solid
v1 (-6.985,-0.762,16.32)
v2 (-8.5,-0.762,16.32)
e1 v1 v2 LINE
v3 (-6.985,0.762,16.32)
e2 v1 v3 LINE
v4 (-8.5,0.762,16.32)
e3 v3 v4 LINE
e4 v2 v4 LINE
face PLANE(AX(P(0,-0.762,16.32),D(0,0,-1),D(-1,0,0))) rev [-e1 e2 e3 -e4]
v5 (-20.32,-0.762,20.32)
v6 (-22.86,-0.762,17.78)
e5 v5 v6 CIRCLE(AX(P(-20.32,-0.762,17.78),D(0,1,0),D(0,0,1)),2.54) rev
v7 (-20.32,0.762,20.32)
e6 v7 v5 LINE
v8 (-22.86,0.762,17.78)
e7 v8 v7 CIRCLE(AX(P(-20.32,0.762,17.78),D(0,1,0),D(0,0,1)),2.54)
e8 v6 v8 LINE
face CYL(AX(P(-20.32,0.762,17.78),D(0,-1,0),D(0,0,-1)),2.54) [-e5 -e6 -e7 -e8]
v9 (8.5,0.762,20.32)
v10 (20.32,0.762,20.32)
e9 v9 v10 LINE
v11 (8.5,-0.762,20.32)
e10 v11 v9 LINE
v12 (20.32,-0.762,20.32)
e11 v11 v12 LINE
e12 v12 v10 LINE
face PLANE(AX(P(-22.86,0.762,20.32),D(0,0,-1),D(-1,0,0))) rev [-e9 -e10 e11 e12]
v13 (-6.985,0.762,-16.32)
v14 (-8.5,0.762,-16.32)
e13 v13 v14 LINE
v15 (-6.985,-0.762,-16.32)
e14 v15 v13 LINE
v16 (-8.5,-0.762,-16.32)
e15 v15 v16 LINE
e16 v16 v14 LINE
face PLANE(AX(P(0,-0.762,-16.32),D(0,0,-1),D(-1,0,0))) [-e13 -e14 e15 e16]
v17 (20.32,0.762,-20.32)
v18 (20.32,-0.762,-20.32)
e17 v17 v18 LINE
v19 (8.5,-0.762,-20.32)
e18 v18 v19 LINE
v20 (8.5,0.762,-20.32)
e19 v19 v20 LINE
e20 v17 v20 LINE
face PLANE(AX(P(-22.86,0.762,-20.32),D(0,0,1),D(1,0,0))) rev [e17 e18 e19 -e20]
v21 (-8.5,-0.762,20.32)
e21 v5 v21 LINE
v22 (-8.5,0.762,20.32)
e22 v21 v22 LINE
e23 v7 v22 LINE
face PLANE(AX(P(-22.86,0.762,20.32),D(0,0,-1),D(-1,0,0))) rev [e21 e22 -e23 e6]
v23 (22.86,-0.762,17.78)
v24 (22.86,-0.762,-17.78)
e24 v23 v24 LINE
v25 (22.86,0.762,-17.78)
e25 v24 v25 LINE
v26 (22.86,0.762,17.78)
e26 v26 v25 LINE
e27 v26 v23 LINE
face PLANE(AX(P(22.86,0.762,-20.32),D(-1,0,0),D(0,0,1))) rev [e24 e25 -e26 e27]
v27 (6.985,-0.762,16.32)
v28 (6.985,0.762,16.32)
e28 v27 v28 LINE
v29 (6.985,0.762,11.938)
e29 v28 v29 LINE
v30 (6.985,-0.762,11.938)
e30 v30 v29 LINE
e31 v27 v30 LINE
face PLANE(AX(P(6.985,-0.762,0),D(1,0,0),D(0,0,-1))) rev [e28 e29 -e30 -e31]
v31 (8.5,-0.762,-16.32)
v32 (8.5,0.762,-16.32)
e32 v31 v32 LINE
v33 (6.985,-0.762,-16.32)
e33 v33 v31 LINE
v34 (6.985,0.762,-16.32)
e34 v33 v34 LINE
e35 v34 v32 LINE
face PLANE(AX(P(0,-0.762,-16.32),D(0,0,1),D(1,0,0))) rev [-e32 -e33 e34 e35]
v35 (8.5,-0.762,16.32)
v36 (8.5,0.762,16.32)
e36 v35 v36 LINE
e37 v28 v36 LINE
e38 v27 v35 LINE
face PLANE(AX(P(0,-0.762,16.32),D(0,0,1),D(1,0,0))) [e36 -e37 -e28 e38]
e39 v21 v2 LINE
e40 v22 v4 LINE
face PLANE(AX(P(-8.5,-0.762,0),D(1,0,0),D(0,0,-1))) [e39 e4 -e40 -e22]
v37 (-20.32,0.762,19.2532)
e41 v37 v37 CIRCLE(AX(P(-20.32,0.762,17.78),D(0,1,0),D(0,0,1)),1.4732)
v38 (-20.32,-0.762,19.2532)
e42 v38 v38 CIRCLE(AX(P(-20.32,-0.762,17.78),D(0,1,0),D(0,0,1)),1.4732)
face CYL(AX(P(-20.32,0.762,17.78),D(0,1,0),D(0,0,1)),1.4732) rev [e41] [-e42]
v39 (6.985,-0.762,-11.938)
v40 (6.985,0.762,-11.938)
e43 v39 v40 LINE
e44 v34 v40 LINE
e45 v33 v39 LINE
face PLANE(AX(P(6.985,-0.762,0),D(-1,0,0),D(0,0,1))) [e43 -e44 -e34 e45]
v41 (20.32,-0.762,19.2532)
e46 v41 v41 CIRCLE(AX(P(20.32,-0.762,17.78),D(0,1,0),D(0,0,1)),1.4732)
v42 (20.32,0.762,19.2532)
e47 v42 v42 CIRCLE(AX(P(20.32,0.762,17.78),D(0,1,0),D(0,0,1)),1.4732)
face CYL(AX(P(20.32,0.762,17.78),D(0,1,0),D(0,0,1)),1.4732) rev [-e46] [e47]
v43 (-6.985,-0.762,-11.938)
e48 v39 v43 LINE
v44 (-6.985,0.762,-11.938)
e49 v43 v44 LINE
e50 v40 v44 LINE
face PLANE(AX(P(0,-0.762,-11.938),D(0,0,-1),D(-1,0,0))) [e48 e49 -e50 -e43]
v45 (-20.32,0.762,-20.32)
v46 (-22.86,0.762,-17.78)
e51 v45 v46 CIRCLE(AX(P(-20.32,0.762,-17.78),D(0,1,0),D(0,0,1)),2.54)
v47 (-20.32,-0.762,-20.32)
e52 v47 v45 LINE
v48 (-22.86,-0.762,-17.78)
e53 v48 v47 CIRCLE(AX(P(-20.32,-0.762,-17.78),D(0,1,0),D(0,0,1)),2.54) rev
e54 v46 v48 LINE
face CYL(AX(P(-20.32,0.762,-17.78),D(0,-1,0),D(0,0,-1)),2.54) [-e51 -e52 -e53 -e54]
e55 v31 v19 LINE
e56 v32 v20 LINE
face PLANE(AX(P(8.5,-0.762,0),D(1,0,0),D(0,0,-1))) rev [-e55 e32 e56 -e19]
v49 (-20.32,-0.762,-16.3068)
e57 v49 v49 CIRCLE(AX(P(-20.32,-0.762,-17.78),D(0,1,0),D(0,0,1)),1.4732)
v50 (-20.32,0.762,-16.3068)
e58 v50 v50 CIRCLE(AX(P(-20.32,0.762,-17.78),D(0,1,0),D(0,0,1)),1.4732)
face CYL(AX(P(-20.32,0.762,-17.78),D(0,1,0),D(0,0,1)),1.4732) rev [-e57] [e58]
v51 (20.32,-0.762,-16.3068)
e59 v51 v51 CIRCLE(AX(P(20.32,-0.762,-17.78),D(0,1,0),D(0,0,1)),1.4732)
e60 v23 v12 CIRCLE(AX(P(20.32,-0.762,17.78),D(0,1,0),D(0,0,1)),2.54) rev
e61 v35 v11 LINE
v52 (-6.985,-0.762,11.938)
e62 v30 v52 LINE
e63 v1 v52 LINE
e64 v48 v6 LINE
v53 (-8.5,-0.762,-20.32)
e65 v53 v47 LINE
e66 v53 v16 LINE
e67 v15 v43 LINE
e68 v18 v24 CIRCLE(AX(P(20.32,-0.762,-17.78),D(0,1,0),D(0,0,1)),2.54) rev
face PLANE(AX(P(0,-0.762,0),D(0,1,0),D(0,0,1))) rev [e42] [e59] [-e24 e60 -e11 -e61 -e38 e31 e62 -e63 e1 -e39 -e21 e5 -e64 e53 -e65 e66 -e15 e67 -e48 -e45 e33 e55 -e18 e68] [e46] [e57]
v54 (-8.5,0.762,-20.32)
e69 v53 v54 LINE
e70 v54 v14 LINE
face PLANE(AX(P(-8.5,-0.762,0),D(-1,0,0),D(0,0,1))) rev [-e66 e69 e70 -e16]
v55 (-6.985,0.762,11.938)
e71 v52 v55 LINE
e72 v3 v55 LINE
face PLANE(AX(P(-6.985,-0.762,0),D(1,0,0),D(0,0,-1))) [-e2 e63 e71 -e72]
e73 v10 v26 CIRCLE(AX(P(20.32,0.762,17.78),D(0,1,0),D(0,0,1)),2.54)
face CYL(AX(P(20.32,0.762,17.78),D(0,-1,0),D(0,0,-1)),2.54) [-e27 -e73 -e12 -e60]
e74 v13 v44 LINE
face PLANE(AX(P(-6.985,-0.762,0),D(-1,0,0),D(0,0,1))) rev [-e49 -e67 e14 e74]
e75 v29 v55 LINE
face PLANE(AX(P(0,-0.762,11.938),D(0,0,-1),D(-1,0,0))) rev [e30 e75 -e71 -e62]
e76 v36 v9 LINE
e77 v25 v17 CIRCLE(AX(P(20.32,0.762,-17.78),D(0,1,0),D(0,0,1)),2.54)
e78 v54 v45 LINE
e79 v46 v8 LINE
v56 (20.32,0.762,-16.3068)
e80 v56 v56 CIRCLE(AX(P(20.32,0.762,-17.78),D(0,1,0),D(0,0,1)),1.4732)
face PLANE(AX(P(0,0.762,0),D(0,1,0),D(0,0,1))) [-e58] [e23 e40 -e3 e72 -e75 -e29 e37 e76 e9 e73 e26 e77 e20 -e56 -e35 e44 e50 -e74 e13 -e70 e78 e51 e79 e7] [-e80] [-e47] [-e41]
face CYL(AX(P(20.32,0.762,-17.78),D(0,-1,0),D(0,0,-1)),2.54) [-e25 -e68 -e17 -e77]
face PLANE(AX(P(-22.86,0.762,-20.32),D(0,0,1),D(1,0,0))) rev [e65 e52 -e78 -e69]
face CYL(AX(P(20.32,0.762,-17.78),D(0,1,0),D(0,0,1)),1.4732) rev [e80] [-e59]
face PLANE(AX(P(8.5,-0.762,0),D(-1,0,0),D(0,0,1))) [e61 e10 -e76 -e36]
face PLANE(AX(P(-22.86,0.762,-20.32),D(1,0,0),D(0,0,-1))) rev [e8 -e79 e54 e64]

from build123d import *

# Parameters (mm, degrees)
SKETCH1_W             = 45.72
SKETCH1_H             = 40.64
BOSS_EXTRUDE1_DEPTH   = 0.762
FILLET1_R             = 2.54
F_4_CLEARANCE_HOLE1_D = 2.9464
SKETCH4_W             = 1.515
SKETCH4_H             = 4
CUT_EXTRUDE1_DEPTH    = 2.524


with BuildPart() as part:
    # Sketch1 → Boss-Extrude1 (new body, symmetric)
    with BuildSketch(Plane(origin=(0, 0, 0), x_dir=(1, 0, 0), z_dir=(0, 1, 0))):
        Rectangle(SKETCH1_W, SKETCH1_H)
    extrude(amount=BOSS_EXTRUDE1_DEPTH, both=True)

    # Fillet1
    fillet1_edges = [part.edges().sort_by_distance(p)[0] for p in [
        (22.86, 0, 20.32),
        (-22.86, 0, 20.32),
        (-22.86, 0, -20.32),
        (22.86, 0, -20.32),
    ]]
    fillet(fillet1_edges, radius=FILLET1_R)

    # #4 Clearance Hole1 (through all)
    with Locations(Plane(origin=(0, 0.762, 0), x_dir=(1, 0, 0), z_dir=(0, 1, 0))):
        with Locations((20.32, 17.78), (-20.32, -17.78), (-20.32, 17.78), (20.32, -17.78)):
            Hole(F_4_CLEARANCE_HOLE1_D / 2)

    # Sketch4 → Cut-Extrude1 (cut, through all)
    with BuildSketch(Plane(origin=(0, 0.762, 0), x_dir=(1, 0, 0), z_dir=(0, 1, 0))):
        Polygon((6.985, 16.32), (6.985, 20.32), (-6.985, 20.32), (-6.985, 16.32), (-6.985, 11.938), (6.985, 11.938), align=None)
        with Locations((7.7425, 18.32)):
            Rectangle(SKETCH4_W, SKETCH4_H)
        with Locations((-7.7425, 18.32)):
            Rectangle(SKETCH4_W, SKETCH4_H)
    cut_extrude1 = extrude(amount=-CUT_EXTRUDE1_DEPTH, mode=Mode.SUBTRACT)

    # Mirror1: Cut-Extrude1 across plane
    add(cut_extrude1.mirror(Plane.XY), mode=Mode.SUBTRACT)


solid = part.part
